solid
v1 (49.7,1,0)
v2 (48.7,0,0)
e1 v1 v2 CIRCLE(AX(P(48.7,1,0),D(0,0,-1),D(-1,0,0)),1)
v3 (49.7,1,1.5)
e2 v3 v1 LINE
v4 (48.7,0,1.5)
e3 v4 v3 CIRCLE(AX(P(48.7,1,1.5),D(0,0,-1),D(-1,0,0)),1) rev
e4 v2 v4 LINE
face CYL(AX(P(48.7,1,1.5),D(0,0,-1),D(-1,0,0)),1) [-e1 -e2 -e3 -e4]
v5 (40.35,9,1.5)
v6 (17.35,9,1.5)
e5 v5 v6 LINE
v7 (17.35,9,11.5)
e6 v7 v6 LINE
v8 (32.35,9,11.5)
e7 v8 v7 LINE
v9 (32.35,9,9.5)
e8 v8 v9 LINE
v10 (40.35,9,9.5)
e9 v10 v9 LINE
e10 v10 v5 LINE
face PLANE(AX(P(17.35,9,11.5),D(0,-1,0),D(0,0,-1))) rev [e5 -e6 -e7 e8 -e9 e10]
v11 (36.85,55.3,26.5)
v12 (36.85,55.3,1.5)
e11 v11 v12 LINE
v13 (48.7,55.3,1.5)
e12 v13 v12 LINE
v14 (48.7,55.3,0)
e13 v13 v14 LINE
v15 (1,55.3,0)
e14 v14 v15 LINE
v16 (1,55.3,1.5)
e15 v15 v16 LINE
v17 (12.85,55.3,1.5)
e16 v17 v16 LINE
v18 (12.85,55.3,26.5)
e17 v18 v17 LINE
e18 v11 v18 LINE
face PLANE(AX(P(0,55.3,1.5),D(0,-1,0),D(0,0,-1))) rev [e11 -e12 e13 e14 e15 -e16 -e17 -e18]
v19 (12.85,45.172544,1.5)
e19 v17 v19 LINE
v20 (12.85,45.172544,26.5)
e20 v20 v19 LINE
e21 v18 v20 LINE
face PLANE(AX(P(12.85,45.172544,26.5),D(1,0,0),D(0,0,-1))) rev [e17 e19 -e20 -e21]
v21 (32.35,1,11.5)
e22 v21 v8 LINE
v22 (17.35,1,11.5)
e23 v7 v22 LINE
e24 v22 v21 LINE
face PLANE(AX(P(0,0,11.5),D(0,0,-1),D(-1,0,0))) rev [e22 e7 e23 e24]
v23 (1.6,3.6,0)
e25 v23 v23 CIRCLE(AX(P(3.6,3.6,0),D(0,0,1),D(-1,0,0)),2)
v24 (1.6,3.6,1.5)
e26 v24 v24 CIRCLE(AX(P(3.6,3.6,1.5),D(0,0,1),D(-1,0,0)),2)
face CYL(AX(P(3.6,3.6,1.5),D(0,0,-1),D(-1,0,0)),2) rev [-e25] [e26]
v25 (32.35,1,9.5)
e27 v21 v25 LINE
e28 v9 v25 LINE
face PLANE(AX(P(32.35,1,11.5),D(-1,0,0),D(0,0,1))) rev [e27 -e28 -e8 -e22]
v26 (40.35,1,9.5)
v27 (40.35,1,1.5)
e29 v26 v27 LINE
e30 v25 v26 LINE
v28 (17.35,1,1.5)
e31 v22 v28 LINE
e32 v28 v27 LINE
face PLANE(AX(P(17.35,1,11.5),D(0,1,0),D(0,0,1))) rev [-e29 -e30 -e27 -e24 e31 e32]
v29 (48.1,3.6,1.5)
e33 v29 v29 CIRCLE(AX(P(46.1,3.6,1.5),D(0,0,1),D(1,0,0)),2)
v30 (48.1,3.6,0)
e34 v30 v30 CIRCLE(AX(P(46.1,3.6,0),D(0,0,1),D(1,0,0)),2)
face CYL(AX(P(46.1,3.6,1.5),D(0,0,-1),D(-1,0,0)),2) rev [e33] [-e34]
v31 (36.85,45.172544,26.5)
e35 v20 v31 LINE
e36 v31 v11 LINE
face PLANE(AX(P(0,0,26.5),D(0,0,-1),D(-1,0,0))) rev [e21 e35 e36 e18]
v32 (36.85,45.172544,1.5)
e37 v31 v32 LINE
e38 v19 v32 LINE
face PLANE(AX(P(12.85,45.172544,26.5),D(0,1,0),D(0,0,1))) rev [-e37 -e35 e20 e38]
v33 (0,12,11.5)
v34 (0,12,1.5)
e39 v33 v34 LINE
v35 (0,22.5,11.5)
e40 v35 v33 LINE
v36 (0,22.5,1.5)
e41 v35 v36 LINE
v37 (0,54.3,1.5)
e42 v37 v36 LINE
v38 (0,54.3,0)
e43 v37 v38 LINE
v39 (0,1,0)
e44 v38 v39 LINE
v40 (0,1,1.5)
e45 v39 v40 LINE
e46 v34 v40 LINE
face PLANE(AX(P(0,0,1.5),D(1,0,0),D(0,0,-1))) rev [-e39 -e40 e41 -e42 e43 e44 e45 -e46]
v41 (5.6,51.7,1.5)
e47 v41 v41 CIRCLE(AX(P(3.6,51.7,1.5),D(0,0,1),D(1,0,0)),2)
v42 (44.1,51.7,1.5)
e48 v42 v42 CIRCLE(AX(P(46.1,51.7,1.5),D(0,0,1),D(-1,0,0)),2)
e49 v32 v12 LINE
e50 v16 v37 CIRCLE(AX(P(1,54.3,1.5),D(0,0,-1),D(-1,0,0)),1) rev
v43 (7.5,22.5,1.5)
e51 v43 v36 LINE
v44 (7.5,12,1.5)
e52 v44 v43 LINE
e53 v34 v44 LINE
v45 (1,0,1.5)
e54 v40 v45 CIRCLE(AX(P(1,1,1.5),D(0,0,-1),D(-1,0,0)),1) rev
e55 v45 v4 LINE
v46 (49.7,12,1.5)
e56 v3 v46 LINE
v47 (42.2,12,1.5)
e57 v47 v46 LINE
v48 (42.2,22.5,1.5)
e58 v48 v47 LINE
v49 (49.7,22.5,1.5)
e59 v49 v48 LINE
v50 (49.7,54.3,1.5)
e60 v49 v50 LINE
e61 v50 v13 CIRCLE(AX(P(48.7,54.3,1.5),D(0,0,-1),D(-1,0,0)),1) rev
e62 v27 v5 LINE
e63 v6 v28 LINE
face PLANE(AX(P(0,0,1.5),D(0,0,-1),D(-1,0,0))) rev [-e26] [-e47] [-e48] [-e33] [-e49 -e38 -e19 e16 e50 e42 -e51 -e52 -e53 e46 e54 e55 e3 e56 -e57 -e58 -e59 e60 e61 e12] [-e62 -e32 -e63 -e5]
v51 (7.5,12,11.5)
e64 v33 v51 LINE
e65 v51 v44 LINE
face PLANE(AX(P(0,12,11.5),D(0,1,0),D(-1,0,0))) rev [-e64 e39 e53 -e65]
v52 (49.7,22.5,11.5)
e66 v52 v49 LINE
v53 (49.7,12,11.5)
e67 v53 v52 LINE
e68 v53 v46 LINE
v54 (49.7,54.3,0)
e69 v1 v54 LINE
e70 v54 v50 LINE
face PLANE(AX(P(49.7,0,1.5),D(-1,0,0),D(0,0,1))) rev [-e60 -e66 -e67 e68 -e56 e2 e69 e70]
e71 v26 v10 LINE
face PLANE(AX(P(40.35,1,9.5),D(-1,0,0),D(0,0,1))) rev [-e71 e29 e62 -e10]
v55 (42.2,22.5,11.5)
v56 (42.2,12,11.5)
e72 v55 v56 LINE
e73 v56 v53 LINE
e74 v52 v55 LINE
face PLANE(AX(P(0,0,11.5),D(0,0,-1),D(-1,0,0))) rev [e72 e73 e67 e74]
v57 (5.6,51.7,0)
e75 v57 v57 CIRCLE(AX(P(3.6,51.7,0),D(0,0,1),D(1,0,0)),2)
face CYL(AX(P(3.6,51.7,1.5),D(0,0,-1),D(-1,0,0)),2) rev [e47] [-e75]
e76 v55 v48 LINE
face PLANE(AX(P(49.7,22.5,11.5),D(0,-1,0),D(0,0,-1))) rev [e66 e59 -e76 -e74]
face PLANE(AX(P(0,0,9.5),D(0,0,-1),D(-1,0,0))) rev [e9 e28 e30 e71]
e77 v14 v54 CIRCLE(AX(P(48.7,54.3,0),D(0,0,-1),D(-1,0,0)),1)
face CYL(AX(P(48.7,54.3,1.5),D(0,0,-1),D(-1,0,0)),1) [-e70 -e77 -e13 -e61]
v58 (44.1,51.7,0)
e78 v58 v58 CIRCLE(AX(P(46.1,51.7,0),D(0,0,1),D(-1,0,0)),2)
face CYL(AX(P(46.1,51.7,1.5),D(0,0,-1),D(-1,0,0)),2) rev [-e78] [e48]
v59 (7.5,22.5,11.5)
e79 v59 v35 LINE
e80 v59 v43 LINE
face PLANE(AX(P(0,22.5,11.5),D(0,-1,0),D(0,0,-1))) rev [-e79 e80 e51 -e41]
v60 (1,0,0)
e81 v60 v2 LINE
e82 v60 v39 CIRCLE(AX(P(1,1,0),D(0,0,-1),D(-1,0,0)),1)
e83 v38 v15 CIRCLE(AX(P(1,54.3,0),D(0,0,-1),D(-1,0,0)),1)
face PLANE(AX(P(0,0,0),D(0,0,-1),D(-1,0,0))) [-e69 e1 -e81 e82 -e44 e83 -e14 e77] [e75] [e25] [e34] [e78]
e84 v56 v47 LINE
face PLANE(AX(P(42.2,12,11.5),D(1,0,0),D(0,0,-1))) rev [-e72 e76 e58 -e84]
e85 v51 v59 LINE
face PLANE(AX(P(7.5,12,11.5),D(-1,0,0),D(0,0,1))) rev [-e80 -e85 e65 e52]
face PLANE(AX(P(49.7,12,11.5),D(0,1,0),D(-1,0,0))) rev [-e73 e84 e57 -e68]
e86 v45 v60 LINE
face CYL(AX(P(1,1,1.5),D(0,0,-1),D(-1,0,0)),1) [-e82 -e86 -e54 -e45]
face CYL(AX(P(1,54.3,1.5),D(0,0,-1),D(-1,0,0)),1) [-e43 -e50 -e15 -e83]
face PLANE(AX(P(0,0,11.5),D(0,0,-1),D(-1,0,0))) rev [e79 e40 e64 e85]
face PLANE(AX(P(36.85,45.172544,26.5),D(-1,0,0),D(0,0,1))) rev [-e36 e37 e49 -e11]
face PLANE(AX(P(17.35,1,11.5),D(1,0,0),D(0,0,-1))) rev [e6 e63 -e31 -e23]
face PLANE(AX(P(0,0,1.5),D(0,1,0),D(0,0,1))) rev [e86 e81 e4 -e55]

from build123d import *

# Parameters (mm, degrees)
ESQUISSE1_W        = 49.7
ESQUISSE1_H        = 55.3
ESQUISSE1_R        = 2
BOSS_EXTRU_1_DEPTH = 1.5
CONG_1_R           = 1
ESQUISSE2_W        = 24
ESQUISSE2_H        = 10.127456192
BOSS_EXTRU_2_DEPTH = 25
ESQUISSE3_W        = 7.5
ESQUISSE3_H        = 10.5
BOSS_EXTRU_3_DEPTH = 10
ESQUISSE4_W        = 15
ESQUISSE4_H        = 8
BOSS_EXTRU_4_DEPTH = 10
ESQUISSE5_W        = 8
ESQUISSE5_H        = 8
BOSS_EXTRU_5_DEPTH = 8


with BuildPart() as part:
    # Esquisse1 → Boss.-Extru.1 (new body)
    with BuildSketch(Plane.XY):
        with Locations((24.85, 27.65)):
            Rectangle(ESQUISSE1_W, ESQUISSE1_H)
        with Locations((3.6, 51.7)):
            Circle(ESQUISSE1_R, mode=Mode.SUBTRACT)
        with Locations((46.1, 51.7)):
            Circle(ESQUISSE1_R, mode=Mode.SUBTRACT)
        with Locations((46.1, 3.6)):
            Circle(ESQUISSE1_R, mode=Mode.SUBTRACT)
        with Locations((3.6, 3.6)):
            Circle(ESQUISSE1_R, mode=Mode.SUBTRACT)
    extrude(amount=BOSS_EXTRU_1_DEPTH)

    # Congé1
    cong_1_edges = [part.edges().sort_by_distance(p)[0] for p in [
        (0, 55.3, 0.75),
        (49.7, 55.3, 0.75),
        (49.7, 0, 0.75),
        (0, 0, 0.75),
    ]]
    fillet(cong_1_edges, radius=CONG_1_R)

    # Esquisse2 → Boss.-Extru.2 (add)
    with BuildSketch(Plane.XY.offset(1.5)):
        with Locations((24.85, 50.236271904)):
            Rectangle(ESQUISSE2_W, ESQUISSE2_H)
    extrude(amount=BOSS_EXTRU_2_DEPTH)

    # Esquisse3 → Boss.-Extru.3 (add)
    with BuildSketch(Plane.XY.offset(1.5)):
        with Locations((3.75, 17.25)):
            Rectangle(ESQUISSE3_W, ESQUISSE3_H)
        with Locations((45.95, 17.25)):
            Rectangle(ESQUISSE3_W, ESQUISSE3_H)
    extrude(amount=BOSS_EXTRU_3_DEPTH)

    # Esquisse4 → Boss.-Extru.4 (add)
    with BuildSketch(Plane.XY.offset(1.5)):
        with Locations((24.85, 5)):
            Rectangle(ESQUISSE4_W, ESQUISSE4_H)
    extrude(amount=BOSS_EXTRU_4_DEPTH)

    # Esquisse5 → Boss.-Extru.5 (add)
    with BuildSketch(Plane.XY.offset(1.5)):
        with Locations((36.35, 5)):
            Rectangle(ESQUISSE5_W, ESQUISSE5_H)
    extrude(amount=BOSS_EXTRU_5_DEPTH)


solid = part.part
